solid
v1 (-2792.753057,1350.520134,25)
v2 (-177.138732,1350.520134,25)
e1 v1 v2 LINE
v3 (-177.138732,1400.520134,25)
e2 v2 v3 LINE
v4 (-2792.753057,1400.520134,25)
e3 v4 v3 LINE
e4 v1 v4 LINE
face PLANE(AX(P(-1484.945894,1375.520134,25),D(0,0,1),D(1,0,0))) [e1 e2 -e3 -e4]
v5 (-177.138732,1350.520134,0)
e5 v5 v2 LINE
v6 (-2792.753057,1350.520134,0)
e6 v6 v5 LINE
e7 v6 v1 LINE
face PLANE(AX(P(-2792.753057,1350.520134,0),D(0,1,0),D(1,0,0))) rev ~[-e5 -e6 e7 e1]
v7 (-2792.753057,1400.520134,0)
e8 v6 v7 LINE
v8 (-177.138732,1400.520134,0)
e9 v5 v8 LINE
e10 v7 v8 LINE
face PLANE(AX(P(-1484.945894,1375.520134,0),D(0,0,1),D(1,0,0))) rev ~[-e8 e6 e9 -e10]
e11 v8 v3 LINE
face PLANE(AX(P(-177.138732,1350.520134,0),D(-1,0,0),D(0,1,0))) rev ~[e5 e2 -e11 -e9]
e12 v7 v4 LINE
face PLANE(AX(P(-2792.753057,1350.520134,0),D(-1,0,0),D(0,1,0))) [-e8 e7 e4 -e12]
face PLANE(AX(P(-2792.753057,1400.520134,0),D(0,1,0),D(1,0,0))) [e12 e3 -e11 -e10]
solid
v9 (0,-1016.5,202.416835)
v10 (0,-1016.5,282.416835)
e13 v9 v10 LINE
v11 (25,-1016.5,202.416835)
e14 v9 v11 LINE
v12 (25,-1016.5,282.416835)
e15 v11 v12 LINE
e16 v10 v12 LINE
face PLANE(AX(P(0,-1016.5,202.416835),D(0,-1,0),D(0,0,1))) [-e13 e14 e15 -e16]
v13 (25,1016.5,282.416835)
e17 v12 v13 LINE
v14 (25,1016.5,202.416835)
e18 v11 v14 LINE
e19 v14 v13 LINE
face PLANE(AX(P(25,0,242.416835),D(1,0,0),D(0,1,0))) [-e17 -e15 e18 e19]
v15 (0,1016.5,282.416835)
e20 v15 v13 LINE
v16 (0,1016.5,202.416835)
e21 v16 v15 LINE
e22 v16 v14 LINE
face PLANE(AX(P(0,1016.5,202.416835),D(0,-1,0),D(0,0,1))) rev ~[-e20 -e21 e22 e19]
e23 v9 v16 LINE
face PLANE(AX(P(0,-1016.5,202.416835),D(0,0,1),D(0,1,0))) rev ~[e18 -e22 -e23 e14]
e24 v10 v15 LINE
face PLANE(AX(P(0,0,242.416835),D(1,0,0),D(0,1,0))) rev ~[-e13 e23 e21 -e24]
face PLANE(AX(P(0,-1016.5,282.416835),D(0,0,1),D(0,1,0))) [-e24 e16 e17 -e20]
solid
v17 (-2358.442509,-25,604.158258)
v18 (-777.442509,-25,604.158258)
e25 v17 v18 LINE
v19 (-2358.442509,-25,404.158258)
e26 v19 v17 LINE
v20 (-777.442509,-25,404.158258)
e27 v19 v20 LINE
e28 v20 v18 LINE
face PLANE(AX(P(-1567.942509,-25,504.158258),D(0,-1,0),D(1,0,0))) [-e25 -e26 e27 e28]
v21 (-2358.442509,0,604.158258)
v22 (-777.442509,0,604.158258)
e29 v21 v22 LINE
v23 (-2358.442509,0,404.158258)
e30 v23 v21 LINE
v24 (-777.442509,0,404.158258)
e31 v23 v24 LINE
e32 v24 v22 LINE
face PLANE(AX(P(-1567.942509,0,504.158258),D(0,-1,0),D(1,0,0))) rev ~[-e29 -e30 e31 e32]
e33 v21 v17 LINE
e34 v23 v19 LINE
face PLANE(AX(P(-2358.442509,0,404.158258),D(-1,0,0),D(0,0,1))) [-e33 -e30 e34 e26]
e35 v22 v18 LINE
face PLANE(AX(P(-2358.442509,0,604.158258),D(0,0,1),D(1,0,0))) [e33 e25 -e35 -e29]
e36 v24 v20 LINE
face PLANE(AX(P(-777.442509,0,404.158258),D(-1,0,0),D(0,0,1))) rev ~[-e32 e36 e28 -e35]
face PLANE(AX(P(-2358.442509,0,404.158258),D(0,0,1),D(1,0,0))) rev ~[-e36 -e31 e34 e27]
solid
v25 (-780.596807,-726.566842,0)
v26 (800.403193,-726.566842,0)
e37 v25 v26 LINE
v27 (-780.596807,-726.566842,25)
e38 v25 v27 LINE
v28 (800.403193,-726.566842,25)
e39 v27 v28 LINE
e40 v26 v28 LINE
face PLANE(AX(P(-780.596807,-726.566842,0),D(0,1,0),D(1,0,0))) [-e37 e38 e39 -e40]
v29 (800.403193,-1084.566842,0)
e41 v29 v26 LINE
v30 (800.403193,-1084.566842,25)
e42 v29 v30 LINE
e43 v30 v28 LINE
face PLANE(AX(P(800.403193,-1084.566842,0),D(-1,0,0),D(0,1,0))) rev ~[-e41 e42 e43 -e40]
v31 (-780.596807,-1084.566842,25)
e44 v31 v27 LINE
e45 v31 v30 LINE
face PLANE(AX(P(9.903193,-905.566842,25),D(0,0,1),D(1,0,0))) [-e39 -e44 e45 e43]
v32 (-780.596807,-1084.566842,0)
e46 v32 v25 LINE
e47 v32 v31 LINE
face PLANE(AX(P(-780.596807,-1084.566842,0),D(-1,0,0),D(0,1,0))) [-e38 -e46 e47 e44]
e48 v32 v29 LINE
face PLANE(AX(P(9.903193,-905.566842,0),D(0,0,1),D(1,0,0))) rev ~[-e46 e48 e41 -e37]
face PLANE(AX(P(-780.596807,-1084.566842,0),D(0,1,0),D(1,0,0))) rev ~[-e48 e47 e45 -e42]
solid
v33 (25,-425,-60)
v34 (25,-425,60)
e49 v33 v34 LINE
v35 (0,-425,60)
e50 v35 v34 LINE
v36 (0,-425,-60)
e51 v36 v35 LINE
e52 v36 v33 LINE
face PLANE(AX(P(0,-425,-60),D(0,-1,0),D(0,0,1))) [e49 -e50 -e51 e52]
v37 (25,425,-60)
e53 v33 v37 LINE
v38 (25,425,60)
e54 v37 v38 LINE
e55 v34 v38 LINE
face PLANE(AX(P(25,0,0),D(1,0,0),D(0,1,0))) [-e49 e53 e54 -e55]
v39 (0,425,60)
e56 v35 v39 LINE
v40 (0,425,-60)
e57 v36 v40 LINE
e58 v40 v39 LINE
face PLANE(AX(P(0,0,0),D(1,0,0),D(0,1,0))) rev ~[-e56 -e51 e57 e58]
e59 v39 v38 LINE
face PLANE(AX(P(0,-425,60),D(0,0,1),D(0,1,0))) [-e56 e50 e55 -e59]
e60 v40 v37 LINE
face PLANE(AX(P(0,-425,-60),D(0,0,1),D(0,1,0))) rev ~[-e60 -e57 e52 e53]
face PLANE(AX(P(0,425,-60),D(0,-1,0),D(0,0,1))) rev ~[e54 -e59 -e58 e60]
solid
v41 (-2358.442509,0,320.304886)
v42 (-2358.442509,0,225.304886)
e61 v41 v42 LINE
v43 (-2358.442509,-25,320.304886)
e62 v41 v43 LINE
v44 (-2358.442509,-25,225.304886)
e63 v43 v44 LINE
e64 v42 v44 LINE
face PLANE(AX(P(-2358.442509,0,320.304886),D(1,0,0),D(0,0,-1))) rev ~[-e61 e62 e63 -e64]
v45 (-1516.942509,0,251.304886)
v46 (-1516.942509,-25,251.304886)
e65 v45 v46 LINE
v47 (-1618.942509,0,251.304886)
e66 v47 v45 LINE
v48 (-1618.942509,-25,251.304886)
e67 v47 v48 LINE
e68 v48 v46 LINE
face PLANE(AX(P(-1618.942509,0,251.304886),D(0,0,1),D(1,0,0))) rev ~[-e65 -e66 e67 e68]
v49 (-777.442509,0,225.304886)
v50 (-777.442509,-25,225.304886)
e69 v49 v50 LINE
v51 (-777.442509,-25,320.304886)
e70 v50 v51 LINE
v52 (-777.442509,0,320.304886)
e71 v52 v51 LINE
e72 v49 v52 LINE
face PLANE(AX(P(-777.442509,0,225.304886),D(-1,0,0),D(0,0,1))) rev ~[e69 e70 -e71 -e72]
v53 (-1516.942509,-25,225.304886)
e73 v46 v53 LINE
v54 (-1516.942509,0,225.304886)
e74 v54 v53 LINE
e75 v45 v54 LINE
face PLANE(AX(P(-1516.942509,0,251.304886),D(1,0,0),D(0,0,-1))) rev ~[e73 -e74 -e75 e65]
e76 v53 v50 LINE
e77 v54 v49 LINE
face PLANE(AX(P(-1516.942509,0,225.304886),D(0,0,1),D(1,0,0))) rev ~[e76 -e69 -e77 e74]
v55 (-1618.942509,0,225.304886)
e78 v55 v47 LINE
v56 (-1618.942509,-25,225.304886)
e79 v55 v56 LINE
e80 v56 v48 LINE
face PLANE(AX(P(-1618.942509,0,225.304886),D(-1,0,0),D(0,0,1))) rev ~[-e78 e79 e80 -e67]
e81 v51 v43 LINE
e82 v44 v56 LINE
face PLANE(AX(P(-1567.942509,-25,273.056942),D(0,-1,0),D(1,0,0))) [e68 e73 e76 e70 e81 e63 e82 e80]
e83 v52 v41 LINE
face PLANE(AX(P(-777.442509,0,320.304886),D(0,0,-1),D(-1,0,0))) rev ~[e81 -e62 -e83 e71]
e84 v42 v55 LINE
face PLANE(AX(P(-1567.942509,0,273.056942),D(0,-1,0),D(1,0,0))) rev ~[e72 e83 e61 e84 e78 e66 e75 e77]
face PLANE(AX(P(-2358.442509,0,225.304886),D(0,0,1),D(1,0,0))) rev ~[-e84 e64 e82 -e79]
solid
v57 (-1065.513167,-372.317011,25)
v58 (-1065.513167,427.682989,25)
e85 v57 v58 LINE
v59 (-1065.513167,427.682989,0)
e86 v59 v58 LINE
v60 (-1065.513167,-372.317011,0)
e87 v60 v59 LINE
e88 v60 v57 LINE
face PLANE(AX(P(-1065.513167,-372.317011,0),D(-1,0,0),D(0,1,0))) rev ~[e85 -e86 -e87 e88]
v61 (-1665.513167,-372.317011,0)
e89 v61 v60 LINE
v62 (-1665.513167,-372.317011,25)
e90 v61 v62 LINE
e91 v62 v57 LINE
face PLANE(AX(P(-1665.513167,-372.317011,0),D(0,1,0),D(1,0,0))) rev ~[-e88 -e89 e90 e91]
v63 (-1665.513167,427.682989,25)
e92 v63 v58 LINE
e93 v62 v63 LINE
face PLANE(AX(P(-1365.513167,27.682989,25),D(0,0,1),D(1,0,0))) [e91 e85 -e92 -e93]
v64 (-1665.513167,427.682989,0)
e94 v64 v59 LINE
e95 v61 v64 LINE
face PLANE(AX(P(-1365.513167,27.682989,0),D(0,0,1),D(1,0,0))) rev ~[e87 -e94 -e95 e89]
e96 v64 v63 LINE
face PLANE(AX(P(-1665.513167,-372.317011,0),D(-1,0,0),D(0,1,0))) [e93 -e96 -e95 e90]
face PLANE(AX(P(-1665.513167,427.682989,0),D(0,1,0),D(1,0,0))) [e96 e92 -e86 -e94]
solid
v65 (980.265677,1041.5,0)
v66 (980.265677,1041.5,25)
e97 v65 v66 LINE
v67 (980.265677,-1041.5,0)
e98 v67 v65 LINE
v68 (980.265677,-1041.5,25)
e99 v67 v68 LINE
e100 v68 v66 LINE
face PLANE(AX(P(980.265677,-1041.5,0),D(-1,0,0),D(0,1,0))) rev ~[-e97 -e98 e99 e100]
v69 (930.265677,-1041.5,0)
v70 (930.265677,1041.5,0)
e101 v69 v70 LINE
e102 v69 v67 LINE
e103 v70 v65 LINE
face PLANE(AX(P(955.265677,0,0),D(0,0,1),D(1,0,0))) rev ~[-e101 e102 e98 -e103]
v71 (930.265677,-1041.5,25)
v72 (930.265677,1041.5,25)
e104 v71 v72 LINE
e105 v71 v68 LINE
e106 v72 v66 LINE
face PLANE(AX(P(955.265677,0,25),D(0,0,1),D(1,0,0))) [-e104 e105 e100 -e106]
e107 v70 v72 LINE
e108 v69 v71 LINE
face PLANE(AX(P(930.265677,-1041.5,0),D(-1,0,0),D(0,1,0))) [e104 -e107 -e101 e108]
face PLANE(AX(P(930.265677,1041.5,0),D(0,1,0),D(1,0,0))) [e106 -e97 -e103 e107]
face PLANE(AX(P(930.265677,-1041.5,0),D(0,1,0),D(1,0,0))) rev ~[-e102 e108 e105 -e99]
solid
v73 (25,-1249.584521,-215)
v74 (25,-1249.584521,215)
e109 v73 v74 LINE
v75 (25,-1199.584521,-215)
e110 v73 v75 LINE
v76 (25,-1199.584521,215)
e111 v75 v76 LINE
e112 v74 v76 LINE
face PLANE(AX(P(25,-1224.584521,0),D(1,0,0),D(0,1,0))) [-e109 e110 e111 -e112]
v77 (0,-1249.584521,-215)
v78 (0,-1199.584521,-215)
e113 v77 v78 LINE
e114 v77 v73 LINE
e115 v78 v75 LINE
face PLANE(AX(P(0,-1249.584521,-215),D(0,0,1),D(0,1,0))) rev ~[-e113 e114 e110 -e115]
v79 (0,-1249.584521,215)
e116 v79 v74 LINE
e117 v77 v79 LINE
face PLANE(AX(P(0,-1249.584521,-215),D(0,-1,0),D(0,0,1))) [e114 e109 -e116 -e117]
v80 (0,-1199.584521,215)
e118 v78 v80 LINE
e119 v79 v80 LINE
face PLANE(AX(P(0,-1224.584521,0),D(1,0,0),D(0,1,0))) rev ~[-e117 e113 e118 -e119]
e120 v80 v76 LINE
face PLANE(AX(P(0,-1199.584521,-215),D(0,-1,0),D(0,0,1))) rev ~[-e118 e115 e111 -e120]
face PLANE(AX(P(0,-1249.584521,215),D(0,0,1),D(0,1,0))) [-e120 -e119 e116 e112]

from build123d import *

# Parameters (mm, degrees)
F0_W     = 50
F0_H     = 430
F0_W_2   = 2033
F0_H_2   = 80
F0_W_3   = 850
F0_H_3   = 120
F1_DEPTH = 25
F2_W     = 1581
F2_H     = 358
F2_W_2   = 600
F2_H_2   = 800
F3_DEPTH = 25
F4_W     = 1581
F4_H     = 200
F5_DEPTH = 25
F6_W     = 50
F6_H     = 2083
F6_W_2   = 2615.614325
F6_H_2   = 50
F7_DEPTH = 25


with BuildPart() as f1:
    # F0 (on Right) → F1 (new body)
    with BuildSketch(Plane.YZ):
        with Locations((-1224.584521, 0)):
            Rectangle(F0_W, F0_H)
        with Locations((0, 242.416835)):
            Rectangle(F0_W_2, F0_H_2)
        Rectangle(F0_W_3, F0_H_3)
    extrude(amount=F1_DEPTH)


with BuildPart() as f3:
    # F2 (on Top) → F3 (new body)
    with BuildSketch(Plane.XY):
        with Locations((9.903193, -905.566842)):
            Rectangle(F2_W, F2_H)
        with Locations((-1365.513167, 27.682989)):
            Rectangle(F2_W_2, F2_H_2)
    extrude(amount=F3_DEPTH)


with BuildPart() as f5:
    # F4 (on Front) → F5 (new body)
    with BuildSketch(Plane.XZ):
        with Locations((-1567.942509, 504.158258)):
            Rectangle(F4_W, F4_H)
        Polygon((-1516.942509, 225.304886), (-777.442509, 225.304886), (-777.442509, 320.304886), (-2358.442509, 320.304886), (-2358.442509, 225.304886), (-1618.942509, 225.304886), (-1618.942509, 251.304886), (-1567.942509, 251.304886), (-1516.942509, 251.304886), align=None)
    extrude(amount=F5_DEPTH)


with BuildPart() as f7:
    # F6 (on Top) → F7 (new body)
    with BuildSketch(Plane.XY):
        with Locations((955.265677, 0)):
            Rectangle(F6_W, F6_H)
        with Locations((-1484.945894, 1375.520134)):
            Rectangle(F6_W_2, F6_H_2)
    extrude(amount=F7_DEPTH)


solid = Compound([f1.part, f3.part, f5.part, f7.part])
